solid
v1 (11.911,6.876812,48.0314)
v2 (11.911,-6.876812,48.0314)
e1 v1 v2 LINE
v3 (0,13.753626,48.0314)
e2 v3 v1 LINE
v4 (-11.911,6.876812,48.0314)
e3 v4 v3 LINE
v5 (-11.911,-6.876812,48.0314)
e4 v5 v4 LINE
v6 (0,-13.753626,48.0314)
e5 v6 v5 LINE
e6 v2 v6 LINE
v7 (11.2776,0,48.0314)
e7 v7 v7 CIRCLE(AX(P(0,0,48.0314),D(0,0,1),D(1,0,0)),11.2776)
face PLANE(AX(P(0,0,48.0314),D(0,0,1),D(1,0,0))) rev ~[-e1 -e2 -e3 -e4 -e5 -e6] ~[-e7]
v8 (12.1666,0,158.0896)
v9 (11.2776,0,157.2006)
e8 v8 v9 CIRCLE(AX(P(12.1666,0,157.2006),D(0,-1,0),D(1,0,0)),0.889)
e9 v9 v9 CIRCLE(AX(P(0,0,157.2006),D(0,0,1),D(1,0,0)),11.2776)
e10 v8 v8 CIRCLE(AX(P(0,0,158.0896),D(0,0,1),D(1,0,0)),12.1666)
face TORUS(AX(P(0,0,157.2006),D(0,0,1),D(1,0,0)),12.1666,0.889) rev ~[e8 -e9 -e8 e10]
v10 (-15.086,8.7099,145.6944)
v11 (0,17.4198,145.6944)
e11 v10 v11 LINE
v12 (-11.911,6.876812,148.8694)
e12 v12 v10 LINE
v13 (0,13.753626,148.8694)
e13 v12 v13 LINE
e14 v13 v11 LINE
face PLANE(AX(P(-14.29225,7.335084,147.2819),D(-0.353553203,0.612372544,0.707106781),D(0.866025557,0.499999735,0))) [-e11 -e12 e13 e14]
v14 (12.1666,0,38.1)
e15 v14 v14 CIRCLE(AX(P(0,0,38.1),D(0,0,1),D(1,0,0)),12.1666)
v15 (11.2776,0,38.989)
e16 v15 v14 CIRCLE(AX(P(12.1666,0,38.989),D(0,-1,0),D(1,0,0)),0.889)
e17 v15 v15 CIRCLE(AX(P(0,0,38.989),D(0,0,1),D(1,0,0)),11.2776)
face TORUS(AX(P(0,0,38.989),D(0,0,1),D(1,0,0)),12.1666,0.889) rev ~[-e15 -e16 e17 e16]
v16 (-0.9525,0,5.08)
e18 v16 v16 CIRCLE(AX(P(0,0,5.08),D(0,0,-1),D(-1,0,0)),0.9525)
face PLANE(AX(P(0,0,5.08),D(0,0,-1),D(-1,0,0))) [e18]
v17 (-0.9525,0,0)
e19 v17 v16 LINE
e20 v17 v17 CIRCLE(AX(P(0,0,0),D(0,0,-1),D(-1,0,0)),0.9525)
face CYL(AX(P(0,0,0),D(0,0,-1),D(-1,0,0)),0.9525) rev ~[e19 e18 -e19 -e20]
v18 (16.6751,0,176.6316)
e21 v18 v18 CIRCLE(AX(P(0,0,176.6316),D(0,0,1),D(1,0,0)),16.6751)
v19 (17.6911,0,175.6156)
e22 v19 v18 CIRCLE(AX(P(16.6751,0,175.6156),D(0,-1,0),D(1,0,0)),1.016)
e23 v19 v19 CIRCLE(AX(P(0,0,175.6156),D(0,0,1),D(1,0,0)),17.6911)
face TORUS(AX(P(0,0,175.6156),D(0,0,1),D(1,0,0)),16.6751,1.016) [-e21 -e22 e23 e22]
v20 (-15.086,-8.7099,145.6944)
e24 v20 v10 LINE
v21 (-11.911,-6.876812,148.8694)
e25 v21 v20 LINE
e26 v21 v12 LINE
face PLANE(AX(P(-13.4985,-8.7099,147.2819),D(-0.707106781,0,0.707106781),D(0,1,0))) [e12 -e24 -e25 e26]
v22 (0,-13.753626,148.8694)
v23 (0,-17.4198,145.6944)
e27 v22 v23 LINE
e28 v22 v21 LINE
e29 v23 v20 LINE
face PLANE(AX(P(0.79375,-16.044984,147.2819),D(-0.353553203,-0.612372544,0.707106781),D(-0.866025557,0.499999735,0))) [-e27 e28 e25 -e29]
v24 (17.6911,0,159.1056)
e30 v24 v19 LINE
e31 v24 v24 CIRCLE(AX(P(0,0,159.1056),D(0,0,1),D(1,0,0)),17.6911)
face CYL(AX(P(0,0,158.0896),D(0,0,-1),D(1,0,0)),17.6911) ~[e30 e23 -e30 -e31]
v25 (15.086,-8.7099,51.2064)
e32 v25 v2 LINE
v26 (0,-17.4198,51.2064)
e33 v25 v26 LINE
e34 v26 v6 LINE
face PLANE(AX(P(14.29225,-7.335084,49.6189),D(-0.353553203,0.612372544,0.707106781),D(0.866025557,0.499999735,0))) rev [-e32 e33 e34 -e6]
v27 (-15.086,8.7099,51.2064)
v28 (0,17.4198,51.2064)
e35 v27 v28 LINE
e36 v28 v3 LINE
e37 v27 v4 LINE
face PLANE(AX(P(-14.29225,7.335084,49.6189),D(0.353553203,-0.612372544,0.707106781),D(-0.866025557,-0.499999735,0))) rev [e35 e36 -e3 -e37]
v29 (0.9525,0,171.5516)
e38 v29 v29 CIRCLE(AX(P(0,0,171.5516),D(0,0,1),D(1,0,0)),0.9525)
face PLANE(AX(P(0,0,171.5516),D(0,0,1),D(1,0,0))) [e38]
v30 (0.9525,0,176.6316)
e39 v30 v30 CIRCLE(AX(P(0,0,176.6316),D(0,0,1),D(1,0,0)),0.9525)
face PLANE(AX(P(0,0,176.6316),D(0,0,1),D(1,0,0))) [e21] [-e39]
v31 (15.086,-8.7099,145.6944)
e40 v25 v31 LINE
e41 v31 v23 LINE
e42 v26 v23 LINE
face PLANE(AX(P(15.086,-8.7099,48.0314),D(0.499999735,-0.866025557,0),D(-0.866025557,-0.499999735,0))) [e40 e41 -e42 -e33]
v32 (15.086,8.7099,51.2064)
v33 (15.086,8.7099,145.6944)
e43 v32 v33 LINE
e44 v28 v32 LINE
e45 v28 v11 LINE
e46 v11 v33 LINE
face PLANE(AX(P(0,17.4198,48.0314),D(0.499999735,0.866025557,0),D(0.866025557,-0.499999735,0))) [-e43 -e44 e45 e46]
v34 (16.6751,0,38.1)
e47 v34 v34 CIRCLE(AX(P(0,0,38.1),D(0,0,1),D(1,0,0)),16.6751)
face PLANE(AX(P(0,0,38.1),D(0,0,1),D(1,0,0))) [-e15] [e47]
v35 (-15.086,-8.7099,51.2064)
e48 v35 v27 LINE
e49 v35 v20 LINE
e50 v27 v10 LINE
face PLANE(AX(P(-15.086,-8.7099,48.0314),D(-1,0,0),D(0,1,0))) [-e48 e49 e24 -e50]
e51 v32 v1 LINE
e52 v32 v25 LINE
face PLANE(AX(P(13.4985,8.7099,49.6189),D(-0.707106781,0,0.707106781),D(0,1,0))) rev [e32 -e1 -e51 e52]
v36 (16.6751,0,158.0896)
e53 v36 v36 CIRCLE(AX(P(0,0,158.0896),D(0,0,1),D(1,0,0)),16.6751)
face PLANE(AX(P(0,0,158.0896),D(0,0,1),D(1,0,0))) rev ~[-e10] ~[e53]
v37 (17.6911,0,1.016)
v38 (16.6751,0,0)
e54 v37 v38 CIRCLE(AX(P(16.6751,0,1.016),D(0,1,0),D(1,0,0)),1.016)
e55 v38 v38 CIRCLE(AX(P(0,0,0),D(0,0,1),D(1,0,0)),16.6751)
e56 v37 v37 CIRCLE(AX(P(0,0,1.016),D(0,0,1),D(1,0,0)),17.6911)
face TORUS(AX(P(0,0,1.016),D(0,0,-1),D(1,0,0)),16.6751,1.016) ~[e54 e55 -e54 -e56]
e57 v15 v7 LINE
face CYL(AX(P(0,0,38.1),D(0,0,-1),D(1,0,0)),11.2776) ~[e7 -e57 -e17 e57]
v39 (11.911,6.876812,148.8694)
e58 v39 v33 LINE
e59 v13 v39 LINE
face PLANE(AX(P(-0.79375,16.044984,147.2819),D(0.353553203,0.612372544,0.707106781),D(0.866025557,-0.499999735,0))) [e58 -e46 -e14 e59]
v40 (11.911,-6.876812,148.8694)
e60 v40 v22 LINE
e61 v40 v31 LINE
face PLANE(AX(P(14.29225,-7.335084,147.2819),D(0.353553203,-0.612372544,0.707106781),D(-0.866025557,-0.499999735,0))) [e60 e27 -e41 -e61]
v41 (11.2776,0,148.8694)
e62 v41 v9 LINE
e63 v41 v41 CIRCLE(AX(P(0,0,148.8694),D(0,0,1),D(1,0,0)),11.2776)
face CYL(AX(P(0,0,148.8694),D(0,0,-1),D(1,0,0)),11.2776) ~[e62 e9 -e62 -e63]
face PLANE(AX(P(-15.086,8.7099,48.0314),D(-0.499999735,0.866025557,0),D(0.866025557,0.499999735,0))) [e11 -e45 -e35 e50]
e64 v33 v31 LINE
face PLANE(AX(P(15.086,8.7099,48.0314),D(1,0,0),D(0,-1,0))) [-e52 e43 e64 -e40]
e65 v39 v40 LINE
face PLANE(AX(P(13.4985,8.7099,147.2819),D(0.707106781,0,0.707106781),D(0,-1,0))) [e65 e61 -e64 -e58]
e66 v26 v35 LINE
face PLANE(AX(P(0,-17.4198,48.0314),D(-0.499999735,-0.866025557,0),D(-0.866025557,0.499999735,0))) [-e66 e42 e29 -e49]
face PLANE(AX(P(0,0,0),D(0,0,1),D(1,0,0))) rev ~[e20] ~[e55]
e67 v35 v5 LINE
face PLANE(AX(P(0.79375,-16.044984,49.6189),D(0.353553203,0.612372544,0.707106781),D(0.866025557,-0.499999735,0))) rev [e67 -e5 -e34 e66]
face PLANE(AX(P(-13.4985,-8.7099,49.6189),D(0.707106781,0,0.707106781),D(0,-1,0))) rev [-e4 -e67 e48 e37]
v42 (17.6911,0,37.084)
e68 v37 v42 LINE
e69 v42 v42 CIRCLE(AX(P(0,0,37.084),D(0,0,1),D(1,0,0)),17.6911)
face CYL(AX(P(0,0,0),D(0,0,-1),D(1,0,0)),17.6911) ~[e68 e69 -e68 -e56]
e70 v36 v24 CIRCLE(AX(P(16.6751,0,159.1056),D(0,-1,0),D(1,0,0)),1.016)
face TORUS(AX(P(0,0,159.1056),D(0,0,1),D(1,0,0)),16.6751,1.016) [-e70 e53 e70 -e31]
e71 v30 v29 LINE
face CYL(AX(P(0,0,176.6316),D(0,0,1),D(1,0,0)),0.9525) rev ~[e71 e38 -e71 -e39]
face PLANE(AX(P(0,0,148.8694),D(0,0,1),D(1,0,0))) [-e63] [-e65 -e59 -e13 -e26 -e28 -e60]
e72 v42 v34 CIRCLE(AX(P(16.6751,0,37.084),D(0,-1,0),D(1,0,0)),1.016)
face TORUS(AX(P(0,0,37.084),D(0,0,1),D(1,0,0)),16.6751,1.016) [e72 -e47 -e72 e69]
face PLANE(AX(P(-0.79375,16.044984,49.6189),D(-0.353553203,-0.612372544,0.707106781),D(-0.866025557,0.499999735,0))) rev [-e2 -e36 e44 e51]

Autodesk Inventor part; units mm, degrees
ref_plane "YZ Plane" through (0, 0, 0) normal (1, 0, 0) x (0, 1, 0)
ref_plane "XZ Plane" through (0, 0, 0) normal (0, 1, 0) x (-1, 0, 0)
ref_plane "XY Plane" through (0, 0, 0) normal (0, 0, 1) x (1, 0, 0)
sketch "Sketch1" plane through (0, 0, 0) normal (0, 0, 1) x (1, 0, 0)
  circle A0 centre (0, 0) radius 17.6911
  dimension "d0" = 35.3822
extrude "Extrusion1" add sketch "Sketch1" along normal blind 38.1
sketch "Sketch2" plane through (0, 0, 38.1) normal (0, 0, 1) x (1, 0, 0)
  circle A0 centre (0, 0) radius 11.2776
  dimension "d3" = 22.5552
extrude "Extrusion2" add sketch "Sketch2" along normal blind 9.9314
sketch "Sketch4" plane through (0, 0, 48.0314) normal (0, 0, 1) x (1, 0, 0)
  line L0 (0, 17.4198) -> (15.086, 8.7099)
  line L1 (15.086, 8.7099) -> (15.086, -8.7099)
  line L2 (15.086, -8.7099) -> (0, -17.4198)
  line L3 (0, -17.4198) -> (-15.086, -8.7099)
  line L4 (-15.086, -8.7099) -> (-15.086, 8.7099)
  line L5 (-15.086, 8.7099) -> (0, 17.4198)
  point P0 (0, 0)
  point P1 (0, 0)
extrude "Extrusion4" add sketch "Sketch4" along normal blind 100.838
sketch "Sketch5" plane through (0, 0, 148.8694) normal (0, 0, 1) x (1, 0, 0)
  circle A0 centre (0, 0) radius 11.2776
extrude "Extrusion5" add sketch "Sketch5" along normal blind 9.2202
sketch "Sketch6" plane through (0, 0, 158.0896) normal (0, 0, 1) x (1, 0, 0)
  circle A0 centre (0, 0) radius 17.6911
extrude "Extrusion6" add sketch "Sketch6" along normal blind 18.542
fillet "Fillet1" radius 1.016 1 edges at (-17.6911, 0, 176.6316)
fillet "Fillet2" radius 0.889 1 edges at (-11.2776, 0, 158.0896)
chamfer "Chamfer1" distance 3.175 angle 45 12 edges at (7.543, 13.0648, 148.8694) (15.086, 0, 148.8694) (7.543, -13.0648, 148.8694) (-7.543, -13.0648, 148.8694) (-15.086, 0, 148.8694) (-7.543, 13.0648, 148.8694) (-7.543, -13.0648, 48.0314) (-15.086, 0, 48.0314) (7.543, -13.0648, 48.0314) (15.086, 0, 48.0314) (-7.543, 13.0648, 48.0314) (7.543, 13.0648, 48.0314)
fillet "Fillet3" radius 0.889 1 edges at (-11.2776, 0, 38.1)
fillet "Fillet4" radius 1.016 1 edges at (-17.6911, 0, 0)
fillet "Fillet5" radius 1.016 1 edges at (-17.6911, 0, 38.1)
fillet "Fillet6" radius 1.016 1 edges at (-17.6911, 0, 158.0896)
sketch "Sketch7" plane through (0, 0, 176.6316) normal (0, 0, 1) x (1, 0, 0)
  circle A0 centre (0, 0) radius 11.2776 projected
  circle A1 centre (0, 0) radius 0.9525
  dimension "d23" = 1.905
extrude "Extrusion7" cut sketch "Sketch7" against normal blind 5.08 contours A1
sketch "Sketch8" plane through (0, 0, 0) normal (0, 0, -1) x (-1, 0, 0)
  circle A0 centre (0, 0) radius 0.9525 projected
  circle A1 centre (0, 0) radius 0.9525
extrude "Extrusion8" cut sketch "Sketch8" against normal blind 5.08
